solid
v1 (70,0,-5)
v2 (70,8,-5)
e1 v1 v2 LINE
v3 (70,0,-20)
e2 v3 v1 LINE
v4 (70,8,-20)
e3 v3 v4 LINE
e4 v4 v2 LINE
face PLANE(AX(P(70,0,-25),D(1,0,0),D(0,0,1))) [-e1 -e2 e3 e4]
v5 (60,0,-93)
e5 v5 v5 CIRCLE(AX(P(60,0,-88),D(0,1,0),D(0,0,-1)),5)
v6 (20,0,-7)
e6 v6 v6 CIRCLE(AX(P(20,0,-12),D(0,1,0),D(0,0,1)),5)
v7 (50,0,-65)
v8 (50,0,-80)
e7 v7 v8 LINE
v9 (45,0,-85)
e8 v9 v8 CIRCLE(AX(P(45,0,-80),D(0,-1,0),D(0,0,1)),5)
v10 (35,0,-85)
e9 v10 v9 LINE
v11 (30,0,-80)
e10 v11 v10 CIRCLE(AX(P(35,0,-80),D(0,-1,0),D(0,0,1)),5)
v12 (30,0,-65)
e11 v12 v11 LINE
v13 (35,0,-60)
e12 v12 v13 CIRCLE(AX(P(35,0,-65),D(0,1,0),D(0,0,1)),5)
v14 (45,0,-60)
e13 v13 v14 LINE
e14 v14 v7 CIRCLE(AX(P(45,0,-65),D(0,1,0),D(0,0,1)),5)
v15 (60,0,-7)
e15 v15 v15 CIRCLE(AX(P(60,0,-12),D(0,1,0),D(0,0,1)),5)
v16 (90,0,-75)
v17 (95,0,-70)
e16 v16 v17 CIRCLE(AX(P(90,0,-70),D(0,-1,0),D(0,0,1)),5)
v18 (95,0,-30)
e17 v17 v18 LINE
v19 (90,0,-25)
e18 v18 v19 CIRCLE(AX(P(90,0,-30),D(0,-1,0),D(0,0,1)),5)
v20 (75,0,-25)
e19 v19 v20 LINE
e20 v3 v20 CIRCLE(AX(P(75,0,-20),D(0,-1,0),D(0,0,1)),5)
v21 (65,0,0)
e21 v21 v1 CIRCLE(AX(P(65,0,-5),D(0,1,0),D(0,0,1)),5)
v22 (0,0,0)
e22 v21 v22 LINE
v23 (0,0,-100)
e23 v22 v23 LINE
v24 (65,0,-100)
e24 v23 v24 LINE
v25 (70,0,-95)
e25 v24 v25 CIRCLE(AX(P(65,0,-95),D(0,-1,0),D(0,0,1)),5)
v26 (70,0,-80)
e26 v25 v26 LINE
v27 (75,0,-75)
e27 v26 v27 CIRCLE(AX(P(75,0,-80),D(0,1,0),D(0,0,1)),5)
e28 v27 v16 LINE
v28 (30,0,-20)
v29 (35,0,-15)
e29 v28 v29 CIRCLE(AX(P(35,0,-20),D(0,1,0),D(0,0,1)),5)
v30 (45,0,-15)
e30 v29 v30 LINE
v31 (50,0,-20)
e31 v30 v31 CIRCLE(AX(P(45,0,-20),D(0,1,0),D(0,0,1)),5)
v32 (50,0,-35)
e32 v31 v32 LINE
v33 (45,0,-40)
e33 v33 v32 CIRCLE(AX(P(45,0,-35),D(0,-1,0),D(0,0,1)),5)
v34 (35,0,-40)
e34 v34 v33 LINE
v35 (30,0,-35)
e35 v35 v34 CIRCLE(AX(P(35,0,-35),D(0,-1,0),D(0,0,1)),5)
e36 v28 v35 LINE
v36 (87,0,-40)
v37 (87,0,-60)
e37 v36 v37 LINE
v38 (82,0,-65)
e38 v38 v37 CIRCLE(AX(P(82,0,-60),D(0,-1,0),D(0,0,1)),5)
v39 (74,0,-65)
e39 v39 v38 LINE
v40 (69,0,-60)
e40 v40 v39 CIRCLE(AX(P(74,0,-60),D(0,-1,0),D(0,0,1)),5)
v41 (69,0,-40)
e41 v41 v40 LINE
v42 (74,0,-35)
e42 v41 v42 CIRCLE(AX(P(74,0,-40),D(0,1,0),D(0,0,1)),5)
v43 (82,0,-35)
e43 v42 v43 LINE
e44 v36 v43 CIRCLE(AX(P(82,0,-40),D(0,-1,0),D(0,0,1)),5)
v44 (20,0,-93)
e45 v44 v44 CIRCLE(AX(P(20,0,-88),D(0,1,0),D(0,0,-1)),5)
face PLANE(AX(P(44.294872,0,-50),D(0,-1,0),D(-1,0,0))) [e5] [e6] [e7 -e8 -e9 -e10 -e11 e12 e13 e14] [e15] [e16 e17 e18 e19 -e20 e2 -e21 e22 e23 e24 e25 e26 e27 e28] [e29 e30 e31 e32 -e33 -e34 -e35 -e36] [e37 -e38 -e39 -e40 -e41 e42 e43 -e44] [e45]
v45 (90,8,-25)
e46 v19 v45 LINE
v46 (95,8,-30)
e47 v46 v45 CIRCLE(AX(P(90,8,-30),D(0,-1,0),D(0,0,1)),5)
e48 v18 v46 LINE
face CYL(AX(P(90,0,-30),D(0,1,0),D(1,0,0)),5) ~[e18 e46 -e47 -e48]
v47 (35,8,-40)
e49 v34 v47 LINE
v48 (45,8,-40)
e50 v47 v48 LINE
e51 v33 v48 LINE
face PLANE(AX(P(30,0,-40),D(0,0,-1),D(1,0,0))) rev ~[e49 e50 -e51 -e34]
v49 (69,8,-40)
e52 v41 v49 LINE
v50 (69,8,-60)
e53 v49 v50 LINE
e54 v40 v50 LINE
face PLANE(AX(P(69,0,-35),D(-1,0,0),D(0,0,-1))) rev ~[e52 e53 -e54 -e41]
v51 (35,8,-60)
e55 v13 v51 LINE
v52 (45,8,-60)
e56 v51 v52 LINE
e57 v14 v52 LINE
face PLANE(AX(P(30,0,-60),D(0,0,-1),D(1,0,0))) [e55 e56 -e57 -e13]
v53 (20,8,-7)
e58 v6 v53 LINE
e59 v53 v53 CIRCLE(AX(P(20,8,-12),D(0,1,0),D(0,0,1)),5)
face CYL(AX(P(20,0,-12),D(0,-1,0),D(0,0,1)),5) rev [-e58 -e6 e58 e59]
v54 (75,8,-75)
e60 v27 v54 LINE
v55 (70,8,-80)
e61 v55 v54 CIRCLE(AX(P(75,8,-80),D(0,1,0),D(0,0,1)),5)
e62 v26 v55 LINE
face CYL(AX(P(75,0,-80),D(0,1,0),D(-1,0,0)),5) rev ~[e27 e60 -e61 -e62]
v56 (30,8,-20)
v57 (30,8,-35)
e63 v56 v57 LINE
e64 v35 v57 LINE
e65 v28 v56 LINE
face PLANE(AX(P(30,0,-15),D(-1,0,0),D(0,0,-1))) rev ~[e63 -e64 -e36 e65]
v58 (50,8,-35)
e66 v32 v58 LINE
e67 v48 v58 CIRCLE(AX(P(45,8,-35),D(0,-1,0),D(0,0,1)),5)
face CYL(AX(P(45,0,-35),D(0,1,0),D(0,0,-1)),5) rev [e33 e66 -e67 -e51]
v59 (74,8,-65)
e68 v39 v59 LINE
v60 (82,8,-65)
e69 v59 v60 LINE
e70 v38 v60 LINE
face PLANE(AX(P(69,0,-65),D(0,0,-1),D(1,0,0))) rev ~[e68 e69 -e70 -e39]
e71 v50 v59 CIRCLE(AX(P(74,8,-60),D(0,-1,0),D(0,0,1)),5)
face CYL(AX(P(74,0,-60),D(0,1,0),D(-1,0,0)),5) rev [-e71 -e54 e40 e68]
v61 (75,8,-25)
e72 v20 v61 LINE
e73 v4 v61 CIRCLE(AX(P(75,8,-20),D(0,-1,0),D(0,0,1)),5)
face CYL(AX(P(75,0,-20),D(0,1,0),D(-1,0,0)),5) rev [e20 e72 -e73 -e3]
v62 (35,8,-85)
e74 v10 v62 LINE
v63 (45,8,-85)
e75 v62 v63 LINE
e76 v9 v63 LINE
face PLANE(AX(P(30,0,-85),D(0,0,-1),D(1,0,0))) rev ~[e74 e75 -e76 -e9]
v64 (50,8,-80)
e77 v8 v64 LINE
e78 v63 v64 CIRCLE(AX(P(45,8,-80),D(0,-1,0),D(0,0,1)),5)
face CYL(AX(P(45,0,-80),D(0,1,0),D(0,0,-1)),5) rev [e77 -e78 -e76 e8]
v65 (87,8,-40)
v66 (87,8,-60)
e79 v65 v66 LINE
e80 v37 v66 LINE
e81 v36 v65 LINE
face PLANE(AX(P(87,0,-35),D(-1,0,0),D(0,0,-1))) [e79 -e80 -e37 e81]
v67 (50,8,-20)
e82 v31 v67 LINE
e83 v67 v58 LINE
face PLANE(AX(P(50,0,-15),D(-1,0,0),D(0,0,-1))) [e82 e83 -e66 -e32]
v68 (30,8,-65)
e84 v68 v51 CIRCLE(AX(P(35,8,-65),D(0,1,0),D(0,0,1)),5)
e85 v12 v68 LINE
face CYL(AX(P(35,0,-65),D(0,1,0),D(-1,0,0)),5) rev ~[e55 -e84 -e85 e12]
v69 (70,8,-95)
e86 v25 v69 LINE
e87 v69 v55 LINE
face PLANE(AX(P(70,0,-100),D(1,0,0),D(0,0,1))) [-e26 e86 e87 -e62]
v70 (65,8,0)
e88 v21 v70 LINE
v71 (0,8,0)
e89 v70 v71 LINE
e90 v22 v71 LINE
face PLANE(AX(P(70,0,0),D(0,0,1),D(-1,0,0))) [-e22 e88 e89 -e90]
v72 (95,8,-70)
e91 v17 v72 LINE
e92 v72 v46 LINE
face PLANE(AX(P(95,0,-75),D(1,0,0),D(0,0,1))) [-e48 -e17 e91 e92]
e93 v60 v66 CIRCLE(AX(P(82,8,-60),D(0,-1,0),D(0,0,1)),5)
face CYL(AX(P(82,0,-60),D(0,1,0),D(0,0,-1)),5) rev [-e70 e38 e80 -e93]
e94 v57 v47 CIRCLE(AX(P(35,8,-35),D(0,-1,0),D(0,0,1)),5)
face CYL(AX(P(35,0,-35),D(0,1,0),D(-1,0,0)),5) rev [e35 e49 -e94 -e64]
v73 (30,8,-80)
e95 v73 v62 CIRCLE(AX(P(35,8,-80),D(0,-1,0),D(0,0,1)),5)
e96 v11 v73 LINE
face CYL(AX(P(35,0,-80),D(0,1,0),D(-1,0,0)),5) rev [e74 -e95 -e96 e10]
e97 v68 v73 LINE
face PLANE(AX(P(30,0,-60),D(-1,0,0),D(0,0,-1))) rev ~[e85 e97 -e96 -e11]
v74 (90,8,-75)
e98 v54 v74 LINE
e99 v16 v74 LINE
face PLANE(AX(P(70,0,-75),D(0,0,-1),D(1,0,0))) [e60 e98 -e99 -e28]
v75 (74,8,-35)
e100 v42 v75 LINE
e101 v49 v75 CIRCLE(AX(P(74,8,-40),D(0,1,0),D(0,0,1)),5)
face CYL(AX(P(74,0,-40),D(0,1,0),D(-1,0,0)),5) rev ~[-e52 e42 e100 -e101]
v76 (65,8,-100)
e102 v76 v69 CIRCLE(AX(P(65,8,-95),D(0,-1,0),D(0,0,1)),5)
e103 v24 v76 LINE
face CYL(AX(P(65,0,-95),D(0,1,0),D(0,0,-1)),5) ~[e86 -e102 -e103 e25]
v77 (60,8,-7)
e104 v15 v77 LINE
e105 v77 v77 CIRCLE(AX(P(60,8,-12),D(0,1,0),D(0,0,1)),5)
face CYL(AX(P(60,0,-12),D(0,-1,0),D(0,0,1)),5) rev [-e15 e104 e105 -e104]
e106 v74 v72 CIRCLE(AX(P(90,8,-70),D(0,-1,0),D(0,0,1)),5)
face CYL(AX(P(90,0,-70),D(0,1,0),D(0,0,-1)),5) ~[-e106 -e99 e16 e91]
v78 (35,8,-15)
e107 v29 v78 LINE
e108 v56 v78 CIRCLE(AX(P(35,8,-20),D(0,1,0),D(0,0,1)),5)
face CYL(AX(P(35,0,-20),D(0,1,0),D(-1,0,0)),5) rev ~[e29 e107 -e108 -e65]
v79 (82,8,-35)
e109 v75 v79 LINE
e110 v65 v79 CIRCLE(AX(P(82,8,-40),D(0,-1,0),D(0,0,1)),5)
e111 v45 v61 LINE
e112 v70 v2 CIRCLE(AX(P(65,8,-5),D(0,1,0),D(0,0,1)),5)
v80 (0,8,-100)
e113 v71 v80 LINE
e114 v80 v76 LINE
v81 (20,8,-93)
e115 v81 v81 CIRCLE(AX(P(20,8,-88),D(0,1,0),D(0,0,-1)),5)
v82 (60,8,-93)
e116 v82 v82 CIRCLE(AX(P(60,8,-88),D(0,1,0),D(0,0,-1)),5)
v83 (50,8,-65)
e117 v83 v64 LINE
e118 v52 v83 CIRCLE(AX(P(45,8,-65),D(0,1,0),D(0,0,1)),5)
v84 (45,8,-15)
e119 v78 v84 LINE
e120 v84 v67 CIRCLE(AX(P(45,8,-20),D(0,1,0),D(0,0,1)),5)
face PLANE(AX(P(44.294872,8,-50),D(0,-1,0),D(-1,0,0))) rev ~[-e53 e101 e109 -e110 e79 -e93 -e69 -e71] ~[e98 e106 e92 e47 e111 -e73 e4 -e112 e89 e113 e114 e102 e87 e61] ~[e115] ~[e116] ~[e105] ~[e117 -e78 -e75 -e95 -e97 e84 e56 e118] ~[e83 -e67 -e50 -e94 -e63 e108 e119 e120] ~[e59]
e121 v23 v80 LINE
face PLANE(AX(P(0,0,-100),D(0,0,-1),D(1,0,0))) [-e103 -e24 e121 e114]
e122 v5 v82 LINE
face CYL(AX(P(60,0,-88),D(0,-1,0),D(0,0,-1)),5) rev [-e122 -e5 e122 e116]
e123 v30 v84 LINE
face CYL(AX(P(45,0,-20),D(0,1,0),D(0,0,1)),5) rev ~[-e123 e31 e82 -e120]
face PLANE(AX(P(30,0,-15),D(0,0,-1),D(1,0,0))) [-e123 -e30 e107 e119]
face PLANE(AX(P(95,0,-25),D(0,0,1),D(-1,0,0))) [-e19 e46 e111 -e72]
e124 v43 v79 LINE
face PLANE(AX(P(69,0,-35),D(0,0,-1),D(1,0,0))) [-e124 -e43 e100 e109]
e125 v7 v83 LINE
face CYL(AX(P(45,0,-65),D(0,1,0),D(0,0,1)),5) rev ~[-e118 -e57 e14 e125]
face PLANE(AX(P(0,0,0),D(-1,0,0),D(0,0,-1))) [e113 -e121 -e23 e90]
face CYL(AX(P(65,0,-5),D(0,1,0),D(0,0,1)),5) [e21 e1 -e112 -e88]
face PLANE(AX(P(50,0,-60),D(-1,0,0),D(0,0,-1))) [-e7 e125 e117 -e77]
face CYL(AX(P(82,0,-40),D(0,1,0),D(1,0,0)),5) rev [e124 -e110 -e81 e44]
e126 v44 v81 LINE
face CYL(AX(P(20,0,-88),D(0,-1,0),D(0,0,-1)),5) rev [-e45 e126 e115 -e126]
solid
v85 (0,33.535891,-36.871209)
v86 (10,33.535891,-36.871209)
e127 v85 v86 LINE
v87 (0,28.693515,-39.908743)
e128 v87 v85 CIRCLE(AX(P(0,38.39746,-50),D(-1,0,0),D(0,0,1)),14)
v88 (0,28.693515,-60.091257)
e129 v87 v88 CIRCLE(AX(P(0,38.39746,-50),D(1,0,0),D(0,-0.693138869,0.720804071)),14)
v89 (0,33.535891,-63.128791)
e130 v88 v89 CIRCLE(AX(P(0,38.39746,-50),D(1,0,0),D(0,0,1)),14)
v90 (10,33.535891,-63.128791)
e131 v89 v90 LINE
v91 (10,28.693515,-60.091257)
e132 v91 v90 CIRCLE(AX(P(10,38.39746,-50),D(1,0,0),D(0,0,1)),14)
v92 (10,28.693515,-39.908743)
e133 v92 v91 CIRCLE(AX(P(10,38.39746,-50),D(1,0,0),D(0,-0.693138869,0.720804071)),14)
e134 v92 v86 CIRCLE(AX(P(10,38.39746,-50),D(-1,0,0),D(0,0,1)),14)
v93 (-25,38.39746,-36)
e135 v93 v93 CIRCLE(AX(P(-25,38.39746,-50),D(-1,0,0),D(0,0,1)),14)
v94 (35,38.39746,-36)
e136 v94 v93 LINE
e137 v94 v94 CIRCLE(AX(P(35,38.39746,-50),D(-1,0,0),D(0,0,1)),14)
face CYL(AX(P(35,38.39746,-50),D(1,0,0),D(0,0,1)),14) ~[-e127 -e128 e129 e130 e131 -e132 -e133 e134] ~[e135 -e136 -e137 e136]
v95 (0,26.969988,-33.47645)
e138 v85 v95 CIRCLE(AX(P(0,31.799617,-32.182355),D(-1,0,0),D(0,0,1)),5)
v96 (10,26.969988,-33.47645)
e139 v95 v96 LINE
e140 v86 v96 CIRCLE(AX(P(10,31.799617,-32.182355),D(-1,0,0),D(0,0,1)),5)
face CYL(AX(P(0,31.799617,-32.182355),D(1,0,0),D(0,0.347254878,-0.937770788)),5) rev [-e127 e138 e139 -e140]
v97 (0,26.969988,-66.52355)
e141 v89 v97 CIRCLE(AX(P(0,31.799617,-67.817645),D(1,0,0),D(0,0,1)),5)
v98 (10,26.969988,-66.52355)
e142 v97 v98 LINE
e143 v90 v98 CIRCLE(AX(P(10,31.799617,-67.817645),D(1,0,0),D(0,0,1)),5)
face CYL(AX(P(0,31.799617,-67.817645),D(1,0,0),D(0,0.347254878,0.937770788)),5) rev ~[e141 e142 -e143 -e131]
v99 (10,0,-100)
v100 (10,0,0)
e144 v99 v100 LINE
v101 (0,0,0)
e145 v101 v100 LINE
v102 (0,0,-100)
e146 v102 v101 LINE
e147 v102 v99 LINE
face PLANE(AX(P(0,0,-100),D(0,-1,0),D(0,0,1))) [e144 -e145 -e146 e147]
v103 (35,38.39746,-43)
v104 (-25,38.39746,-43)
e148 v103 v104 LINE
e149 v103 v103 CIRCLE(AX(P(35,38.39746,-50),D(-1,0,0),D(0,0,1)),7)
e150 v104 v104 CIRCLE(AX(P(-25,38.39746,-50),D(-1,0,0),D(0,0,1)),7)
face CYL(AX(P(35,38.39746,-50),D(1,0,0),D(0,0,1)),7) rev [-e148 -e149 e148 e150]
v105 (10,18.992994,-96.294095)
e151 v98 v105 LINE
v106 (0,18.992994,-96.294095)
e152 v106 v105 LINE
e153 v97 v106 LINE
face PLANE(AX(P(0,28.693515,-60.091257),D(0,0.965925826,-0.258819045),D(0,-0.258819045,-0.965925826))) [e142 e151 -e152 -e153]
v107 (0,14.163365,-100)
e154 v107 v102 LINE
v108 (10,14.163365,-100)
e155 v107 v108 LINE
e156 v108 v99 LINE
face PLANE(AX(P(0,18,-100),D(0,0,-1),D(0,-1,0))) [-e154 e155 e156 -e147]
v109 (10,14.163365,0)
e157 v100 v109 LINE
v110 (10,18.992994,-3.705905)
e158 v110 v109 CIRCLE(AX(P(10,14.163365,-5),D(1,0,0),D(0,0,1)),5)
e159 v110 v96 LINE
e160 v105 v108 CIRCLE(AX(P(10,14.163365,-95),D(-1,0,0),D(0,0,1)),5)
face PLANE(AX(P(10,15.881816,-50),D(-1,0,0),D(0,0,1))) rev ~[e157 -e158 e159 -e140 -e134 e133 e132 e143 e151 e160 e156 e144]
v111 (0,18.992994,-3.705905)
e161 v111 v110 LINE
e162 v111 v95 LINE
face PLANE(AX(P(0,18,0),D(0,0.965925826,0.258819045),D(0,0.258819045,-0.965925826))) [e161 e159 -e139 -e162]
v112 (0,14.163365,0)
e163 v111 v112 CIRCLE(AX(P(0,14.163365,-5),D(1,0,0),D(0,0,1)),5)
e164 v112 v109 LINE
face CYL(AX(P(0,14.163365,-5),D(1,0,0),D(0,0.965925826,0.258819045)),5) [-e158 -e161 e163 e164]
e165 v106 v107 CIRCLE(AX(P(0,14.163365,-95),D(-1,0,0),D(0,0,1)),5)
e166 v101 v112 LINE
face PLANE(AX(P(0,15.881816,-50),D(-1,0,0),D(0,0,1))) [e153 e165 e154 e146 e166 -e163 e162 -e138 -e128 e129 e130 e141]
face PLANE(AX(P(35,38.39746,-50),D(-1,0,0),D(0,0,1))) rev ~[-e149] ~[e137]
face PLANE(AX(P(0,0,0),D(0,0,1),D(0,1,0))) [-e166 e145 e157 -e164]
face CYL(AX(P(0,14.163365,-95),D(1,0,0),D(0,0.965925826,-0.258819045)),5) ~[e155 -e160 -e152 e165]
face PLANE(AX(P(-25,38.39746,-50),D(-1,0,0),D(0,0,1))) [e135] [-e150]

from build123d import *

# Parameters (mm, degrees)
SKETCH1_R                = 5
SKETCH1_W                = 20
SKETCH1_H                = 25
SKETCH1_W_2              = 18
SKETCH1_H_2              = 30
BOSS_EXTRUDE1_DEPTH      = 8
FILLET1_R                = 5
BOSS_EXTRUDE2_DEPTH      = 10
BOSS_EXTRUDE3_DEPTH      = 25
BOSS_EXTRUDE3_DEPTH_BACK = 35
SKETCH3_3_R              = 14
SKETCH3_3_R_2            = 7
FILLET2_R                = 5


with BuildPart() as part:
    # Sketch1 → Boss-Extrude1 (new body)
    with BuildSketch(Plane(origin=(0, 0, 0), x_dir=(1, 0, 0), z_dir=(0, 1, 0))):
        Polygon((0, 100), (70, 100), (70, 75), (95, 75), (95, 25), (70, 25), (70, 0), (0, 0), align=None)
        with Locations((60, 12)):
            Circle(SKETCH1_R, mode=Mode.SUBTRACT)
        with Locations((20, 12)):
            Circle(SKETCH1_R, mode=Mode.SUBTRACT)
        with Locations((20, 88)):
            Circle(SKETCH1_R, mode=Mode.SUBTRACT)
        with Locations((60, 88)):
            Circle(SKETCH1_R, mode=Mode.SUBTRACT)
        with Locations((40, 72.5)):
            Rectangle(SKETCH1_W, SKETCH1_H, mode=Mode.SUBTRACT)
        with Locations((40, 27.5)):
            Rectangle(SKETCH1_W, SKETCH1_H, mode=Mode.SUBTRACT)
        with Locations((78, 50)):
            Rectangle(SKETCH1_W_2, SKETCH1_H_2, mode=Mode.SUBTRACT)
    extrude(amount=BOSS_EXTRUDE1_DEPTH)

    # Fillet1
    fillet1_edges = [part.edges().sort_by_distance(p)[0] for p in [
        (70, 4, -25),
        (70, 4, 0),
        (95, 4, -25),
        (95, 4, -75),
        (70, 4, -100),
        (70, 4, -75),
        (87, 4, -65),
        (69, 4, -65),
        (87, 4, -35),
        (69, 4, -35),
        (50, 4, -15),
        (50, 4, -40),
        (30, 4, -40),
        (30, 4, -15),
        (30, 4, -60),
        (50, 4, -85),
        (50, 4, -60),
        (30, 4, -85),
    ]]
    fillet(fillet1_edges, radius=FILLET1_R)


with BuildPart() as body_2:
    # Sketch3 → Boss-Extrude2 (new body)
    with BuildSketch(Plane.ZY):
        with BuildLine():
            Line((-100, 18), (-100, 0))
            Line((-100, 0), (0, 0))
            Line((0, 0), (0, 18))
            Line((0, 18), (-39.908743007, 28.69351546))
            ThreePointArc((-39.908743007, 28.69351546), (-50, 24.397459622), (-60.091256993, 28.69351546))
            Line((-60.091256993, 28.69351546), (-100, 18))
        make_face()
    extrude(amount=-BOSS_EXTRUDE2_DEPTH)

    # Sketch3<3> → Boss-Extrude3 (add, two sides: drawn at the far end of the back side and taken through both)
    with BuildSketch(Plane.ZY.offset(-BOSS_EXTRUDE3_DEPTH_BACK)):
        with Locations((-50, 38.397459622)):
            Circle(SKETCH3_3_R)
        with Locations((-50, 38.397459622)):
            Circle(SKETCH3_3_R_2, mode=Mode.SUBTRACT)
    extrude(amount=BOSS_EXTRUDE3_DEPTH + BOSS_EXTRUDE3_DEPTH_BACK)

    # Fillet2
    fillet2_edges = [body_2.edges().sort_by_distance(p)[0] for p in [
        (5, 18, -100),
        (5, 18, 0),
        (5, 28.69351546, -60.091256993),
        (5, 28.69351546, -39.908743007),
    ]]
    fillet(fillet2_edges, radius=FILLET2_R)


solid = Compound([part.part, body_2.part])
